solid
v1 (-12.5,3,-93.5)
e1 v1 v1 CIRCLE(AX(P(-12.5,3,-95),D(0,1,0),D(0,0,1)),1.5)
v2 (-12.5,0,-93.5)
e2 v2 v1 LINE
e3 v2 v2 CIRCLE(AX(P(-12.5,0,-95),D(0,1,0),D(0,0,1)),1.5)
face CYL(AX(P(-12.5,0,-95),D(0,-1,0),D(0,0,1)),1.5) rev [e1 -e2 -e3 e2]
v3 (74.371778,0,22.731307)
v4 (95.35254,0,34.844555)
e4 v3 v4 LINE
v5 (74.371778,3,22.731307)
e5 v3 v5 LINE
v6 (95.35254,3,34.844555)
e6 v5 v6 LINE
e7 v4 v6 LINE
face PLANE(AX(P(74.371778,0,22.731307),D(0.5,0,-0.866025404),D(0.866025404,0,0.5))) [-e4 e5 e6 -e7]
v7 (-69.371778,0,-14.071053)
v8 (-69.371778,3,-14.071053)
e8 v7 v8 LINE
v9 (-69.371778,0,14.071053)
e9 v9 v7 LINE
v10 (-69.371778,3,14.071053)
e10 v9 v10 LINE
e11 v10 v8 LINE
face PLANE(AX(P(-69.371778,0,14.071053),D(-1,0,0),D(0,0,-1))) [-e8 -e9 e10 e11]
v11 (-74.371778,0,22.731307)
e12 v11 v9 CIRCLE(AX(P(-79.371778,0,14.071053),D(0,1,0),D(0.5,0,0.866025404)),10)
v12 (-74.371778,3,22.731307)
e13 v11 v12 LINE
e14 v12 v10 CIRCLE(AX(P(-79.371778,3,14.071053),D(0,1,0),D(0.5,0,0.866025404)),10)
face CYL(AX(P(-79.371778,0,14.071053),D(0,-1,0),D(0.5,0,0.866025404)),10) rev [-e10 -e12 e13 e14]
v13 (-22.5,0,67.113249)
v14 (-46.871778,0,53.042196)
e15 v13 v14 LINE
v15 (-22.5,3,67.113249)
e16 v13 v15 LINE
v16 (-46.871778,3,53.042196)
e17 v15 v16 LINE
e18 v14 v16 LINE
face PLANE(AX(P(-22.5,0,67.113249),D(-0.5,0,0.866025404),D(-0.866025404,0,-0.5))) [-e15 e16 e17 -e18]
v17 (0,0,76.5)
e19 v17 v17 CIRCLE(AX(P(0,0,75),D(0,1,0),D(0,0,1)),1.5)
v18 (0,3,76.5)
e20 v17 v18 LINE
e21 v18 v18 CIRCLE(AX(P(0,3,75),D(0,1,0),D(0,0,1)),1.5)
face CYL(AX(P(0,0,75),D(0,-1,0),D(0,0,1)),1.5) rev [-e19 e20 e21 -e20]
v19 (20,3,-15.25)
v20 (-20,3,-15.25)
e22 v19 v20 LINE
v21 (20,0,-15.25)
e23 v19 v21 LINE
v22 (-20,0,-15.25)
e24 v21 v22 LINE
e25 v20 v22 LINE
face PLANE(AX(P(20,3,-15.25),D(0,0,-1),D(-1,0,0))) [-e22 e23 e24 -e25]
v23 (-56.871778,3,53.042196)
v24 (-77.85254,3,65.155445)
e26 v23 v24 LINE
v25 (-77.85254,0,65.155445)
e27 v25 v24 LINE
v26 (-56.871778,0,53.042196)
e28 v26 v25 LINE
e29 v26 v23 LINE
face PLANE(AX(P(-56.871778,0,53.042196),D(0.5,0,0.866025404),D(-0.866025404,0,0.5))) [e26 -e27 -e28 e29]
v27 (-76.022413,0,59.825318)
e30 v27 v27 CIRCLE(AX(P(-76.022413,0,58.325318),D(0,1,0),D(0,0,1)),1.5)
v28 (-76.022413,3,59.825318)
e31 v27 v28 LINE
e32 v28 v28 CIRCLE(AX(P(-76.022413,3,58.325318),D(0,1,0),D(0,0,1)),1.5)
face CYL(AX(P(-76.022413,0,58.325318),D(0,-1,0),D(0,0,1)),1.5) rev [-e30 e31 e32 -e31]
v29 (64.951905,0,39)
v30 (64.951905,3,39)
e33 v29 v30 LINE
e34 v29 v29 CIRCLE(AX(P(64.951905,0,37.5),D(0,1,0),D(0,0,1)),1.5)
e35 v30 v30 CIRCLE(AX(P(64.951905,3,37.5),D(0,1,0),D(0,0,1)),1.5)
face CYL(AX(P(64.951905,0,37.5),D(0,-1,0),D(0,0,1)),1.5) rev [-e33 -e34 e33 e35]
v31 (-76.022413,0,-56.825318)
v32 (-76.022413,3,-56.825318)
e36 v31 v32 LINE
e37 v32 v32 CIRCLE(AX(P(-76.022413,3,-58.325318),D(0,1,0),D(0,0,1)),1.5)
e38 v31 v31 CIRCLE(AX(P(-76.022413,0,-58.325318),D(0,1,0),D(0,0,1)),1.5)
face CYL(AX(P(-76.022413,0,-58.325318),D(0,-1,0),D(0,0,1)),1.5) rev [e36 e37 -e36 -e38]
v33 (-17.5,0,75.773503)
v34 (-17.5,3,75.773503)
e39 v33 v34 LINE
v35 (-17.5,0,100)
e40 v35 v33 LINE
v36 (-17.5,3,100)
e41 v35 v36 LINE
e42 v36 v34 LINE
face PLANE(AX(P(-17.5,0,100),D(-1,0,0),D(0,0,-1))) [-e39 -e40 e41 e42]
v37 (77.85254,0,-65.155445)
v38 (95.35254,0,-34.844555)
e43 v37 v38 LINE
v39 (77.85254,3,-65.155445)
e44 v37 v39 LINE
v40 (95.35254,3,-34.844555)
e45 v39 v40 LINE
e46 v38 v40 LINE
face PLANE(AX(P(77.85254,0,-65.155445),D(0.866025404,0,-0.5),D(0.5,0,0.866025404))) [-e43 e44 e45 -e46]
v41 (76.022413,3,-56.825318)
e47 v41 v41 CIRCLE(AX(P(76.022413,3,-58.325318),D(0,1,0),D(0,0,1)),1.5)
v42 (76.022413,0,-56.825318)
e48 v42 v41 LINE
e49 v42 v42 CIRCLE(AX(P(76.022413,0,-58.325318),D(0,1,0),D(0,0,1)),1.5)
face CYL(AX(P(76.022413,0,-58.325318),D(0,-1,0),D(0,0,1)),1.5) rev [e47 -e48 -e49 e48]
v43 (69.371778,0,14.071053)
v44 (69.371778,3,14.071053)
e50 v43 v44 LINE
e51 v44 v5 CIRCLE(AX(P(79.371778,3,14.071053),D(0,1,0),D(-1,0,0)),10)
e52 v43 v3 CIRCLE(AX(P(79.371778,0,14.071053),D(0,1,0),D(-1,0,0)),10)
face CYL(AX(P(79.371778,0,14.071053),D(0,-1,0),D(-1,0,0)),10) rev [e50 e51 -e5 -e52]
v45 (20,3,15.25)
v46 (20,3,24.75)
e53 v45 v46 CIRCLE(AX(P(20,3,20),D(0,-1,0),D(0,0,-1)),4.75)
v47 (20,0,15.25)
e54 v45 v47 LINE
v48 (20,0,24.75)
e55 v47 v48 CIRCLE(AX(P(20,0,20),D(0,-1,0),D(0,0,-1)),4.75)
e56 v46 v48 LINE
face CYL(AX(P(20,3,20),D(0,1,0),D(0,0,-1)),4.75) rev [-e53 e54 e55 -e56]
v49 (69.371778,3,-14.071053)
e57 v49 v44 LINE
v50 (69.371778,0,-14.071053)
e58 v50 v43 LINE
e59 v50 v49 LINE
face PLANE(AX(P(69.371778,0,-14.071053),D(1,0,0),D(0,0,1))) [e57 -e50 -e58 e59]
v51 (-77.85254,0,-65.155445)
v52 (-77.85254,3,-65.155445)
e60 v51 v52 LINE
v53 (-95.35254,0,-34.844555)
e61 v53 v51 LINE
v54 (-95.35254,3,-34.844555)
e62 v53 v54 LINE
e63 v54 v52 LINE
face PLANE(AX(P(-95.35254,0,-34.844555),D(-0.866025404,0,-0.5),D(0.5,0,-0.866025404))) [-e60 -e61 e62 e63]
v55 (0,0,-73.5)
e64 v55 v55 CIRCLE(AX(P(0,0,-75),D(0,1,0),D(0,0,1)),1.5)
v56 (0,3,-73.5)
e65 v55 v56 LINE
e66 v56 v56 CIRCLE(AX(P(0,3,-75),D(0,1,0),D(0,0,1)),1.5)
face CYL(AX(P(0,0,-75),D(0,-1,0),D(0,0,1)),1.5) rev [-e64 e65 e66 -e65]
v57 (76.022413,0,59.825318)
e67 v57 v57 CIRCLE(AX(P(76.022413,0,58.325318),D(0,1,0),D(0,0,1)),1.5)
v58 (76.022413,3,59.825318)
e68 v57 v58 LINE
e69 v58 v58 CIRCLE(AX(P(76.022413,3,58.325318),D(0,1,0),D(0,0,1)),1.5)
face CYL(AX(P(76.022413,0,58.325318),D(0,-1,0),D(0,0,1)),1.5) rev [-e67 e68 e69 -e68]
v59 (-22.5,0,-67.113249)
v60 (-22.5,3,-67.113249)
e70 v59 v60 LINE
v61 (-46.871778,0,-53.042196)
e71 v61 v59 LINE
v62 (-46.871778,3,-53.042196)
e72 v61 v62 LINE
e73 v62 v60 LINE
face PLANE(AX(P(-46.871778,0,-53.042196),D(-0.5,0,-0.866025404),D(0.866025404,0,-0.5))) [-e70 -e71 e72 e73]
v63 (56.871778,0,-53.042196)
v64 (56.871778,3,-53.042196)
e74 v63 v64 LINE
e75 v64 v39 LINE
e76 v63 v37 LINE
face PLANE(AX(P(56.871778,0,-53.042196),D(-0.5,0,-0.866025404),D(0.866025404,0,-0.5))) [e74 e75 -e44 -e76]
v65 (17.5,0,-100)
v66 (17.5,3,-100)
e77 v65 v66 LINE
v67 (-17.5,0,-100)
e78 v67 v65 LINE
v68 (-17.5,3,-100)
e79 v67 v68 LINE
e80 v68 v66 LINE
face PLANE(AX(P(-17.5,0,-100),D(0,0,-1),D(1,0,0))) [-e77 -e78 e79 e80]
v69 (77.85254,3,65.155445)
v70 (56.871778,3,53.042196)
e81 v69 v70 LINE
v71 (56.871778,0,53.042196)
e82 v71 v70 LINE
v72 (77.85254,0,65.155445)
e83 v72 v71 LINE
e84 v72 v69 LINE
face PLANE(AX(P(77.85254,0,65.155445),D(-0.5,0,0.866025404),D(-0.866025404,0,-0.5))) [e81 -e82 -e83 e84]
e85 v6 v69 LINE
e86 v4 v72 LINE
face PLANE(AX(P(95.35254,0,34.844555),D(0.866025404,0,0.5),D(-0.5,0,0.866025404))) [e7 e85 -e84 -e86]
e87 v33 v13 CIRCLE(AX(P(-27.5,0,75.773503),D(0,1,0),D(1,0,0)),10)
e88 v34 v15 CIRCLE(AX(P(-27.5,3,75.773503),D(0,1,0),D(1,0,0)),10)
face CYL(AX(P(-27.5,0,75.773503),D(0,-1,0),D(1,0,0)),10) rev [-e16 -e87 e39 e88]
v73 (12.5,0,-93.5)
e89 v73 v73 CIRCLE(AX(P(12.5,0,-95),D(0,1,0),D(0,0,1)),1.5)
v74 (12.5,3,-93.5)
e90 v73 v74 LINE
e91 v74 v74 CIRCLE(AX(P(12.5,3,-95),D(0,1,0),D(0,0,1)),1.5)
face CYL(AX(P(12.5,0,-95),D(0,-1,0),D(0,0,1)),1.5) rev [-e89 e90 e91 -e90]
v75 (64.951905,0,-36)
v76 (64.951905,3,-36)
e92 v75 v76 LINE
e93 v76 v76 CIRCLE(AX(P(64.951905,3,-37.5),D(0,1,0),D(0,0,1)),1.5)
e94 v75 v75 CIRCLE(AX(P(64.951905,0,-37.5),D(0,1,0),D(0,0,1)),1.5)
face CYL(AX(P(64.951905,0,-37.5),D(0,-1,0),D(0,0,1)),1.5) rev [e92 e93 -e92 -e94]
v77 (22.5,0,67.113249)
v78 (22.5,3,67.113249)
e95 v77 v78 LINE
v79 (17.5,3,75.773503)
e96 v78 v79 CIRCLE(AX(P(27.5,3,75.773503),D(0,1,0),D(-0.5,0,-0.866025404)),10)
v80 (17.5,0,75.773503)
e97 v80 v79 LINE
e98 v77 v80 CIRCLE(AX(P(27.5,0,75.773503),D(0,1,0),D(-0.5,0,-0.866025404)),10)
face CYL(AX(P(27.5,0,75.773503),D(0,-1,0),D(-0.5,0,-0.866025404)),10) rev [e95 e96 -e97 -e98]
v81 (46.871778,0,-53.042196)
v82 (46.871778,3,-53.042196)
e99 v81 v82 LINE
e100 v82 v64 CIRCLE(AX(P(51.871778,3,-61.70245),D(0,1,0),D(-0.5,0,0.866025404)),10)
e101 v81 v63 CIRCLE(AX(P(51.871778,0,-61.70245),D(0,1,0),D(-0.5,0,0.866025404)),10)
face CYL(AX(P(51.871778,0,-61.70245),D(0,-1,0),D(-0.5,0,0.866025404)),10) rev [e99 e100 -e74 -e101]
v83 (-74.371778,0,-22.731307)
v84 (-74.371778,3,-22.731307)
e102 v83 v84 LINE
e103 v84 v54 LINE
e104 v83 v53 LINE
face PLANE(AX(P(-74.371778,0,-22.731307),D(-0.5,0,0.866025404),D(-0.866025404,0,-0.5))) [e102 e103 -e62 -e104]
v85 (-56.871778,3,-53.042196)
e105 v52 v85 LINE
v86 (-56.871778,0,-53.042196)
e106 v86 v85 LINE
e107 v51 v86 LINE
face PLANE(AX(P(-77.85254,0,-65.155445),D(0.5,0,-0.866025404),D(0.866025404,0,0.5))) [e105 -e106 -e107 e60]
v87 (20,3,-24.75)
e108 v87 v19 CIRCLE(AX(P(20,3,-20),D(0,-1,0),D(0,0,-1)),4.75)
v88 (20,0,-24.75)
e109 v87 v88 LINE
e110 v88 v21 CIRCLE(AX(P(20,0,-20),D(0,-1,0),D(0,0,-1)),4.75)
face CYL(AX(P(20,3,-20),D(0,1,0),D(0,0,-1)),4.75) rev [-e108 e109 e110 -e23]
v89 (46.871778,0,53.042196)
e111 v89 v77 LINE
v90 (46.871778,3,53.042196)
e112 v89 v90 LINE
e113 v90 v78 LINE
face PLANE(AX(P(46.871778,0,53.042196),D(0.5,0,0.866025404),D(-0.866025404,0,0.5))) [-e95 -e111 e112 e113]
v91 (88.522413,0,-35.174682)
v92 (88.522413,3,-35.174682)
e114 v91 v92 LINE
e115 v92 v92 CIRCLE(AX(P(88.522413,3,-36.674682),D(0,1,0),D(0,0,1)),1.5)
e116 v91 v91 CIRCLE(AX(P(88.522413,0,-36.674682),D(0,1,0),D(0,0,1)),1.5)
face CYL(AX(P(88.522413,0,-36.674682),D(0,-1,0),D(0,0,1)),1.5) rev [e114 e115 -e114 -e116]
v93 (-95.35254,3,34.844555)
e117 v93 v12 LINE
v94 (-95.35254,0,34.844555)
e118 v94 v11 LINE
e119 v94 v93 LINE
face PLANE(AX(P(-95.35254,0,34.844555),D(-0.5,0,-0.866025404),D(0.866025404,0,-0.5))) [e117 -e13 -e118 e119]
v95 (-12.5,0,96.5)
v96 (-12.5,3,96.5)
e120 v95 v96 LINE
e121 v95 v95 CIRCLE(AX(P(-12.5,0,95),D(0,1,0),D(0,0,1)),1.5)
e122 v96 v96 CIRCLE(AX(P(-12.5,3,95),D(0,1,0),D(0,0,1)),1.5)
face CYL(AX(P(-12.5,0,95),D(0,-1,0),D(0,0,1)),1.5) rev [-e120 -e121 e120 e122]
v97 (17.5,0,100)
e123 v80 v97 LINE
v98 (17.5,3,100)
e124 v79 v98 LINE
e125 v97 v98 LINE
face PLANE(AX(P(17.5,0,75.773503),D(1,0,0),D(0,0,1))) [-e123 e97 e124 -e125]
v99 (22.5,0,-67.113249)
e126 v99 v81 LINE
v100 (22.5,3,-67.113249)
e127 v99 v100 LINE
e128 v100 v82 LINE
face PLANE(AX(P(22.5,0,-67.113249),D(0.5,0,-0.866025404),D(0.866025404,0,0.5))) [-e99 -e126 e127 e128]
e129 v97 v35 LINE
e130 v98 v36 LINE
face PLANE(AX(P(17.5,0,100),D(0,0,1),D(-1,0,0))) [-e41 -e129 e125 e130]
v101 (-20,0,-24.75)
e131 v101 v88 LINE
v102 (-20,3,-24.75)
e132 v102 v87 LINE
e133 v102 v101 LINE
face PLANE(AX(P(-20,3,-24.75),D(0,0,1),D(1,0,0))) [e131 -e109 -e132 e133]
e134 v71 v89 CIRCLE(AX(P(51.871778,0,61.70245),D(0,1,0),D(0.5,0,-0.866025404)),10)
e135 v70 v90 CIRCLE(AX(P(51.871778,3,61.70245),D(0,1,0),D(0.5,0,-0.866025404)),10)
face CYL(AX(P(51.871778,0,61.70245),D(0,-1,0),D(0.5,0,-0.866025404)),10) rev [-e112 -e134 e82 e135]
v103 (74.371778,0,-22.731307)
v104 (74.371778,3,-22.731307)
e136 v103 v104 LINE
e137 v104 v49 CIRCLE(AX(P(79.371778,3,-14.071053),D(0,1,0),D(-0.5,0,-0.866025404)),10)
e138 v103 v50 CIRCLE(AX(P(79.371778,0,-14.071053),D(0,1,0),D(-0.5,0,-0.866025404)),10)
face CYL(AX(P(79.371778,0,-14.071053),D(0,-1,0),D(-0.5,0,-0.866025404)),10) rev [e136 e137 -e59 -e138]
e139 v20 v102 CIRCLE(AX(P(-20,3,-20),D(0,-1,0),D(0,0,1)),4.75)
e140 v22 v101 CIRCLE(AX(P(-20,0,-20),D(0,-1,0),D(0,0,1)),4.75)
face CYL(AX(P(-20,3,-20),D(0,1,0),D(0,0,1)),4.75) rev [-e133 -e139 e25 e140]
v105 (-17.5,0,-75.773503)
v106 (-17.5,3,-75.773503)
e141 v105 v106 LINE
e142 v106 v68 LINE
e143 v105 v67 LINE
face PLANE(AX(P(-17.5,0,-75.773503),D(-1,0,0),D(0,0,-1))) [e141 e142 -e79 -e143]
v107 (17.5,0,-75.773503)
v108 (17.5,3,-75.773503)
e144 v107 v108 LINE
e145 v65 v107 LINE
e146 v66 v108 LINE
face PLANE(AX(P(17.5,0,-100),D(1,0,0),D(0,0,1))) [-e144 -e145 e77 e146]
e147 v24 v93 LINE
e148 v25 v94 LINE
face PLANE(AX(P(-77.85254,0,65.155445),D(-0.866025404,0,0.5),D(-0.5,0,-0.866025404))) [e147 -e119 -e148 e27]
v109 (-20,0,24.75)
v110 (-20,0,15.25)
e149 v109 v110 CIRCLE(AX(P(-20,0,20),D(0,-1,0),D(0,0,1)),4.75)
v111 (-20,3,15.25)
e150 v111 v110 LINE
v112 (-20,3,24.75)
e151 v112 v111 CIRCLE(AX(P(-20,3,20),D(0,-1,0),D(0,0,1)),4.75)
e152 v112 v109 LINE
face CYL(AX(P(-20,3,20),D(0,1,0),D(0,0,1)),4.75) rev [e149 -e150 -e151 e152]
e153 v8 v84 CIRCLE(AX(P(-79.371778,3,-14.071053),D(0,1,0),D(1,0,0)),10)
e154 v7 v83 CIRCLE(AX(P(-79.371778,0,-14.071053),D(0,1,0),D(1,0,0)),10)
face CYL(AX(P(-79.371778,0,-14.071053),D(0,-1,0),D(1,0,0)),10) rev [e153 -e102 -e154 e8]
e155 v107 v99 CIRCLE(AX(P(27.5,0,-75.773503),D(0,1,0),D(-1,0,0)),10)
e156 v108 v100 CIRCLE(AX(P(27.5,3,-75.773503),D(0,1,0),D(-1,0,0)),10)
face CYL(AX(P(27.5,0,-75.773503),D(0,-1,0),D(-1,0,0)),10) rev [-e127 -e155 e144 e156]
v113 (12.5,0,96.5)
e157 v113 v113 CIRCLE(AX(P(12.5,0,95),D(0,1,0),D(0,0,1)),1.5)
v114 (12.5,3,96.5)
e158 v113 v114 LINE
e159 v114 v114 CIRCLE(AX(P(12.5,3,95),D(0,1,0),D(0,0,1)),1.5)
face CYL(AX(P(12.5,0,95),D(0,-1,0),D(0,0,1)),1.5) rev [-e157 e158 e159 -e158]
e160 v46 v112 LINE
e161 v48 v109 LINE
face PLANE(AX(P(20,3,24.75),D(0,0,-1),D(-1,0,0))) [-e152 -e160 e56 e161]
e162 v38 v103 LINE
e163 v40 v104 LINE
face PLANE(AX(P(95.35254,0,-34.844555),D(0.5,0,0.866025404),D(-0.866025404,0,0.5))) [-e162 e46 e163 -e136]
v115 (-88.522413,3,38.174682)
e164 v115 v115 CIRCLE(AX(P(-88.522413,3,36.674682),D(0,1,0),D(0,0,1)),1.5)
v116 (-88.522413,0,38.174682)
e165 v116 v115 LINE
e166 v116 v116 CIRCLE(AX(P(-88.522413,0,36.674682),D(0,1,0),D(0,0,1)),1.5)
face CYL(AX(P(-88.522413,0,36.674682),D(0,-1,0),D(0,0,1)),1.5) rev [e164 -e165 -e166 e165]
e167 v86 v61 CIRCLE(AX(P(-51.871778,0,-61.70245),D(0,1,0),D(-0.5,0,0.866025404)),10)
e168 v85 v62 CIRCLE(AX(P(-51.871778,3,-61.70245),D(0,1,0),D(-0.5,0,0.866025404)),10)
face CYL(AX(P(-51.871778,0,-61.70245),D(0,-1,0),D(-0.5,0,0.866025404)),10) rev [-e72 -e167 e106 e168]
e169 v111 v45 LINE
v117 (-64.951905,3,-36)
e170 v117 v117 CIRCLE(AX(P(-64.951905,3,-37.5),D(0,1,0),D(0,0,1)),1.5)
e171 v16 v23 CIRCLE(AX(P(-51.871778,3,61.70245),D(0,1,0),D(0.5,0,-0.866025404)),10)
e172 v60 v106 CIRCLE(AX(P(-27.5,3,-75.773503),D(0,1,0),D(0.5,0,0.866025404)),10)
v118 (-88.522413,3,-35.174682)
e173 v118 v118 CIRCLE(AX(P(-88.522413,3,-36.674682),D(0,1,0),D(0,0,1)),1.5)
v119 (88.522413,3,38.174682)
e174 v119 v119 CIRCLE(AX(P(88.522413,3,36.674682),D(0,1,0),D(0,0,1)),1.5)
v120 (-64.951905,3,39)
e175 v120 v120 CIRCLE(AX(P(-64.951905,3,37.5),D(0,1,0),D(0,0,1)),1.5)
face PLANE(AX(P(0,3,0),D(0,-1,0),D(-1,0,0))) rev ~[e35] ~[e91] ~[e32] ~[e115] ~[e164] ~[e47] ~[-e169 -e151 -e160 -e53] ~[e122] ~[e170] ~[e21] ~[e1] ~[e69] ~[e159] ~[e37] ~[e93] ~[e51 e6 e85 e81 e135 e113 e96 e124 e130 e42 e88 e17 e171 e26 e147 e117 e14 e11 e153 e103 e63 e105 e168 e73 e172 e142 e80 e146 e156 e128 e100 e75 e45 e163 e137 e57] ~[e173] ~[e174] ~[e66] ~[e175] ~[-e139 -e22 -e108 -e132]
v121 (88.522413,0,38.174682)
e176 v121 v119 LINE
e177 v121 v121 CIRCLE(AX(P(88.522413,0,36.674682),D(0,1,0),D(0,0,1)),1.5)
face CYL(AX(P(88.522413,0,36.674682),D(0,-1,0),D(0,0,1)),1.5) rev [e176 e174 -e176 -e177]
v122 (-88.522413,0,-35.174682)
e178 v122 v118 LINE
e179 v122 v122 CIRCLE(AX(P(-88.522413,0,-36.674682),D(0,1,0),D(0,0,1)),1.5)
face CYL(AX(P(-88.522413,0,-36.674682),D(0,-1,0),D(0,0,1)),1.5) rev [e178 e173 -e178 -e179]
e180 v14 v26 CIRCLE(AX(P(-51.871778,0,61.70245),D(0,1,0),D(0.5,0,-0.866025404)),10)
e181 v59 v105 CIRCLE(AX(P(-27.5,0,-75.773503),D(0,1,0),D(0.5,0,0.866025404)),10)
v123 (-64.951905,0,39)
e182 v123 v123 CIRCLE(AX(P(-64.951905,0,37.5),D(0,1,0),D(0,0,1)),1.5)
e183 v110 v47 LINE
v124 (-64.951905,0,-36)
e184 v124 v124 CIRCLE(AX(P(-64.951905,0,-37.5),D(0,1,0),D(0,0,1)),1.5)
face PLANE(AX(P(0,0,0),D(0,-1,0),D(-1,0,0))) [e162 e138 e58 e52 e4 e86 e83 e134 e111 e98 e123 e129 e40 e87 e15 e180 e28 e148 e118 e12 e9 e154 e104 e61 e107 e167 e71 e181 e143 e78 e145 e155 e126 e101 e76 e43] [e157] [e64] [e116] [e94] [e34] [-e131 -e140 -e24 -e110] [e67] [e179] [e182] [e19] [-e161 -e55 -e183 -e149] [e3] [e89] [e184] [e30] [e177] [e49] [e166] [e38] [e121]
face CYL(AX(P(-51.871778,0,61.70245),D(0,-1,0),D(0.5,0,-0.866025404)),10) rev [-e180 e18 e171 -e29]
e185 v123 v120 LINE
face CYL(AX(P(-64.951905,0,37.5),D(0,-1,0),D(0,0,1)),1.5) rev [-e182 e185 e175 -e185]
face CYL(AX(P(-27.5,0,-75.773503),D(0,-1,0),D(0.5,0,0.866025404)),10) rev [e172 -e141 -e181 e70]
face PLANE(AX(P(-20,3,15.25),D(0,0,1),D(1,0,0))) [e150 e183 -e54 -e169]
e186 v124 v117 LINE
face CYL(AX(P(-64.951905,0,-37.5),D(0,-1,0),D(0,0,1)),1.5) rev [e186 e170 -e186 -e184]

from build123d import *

# Parameters (mm, degrees)
IZIM1_R                     = 1.5
Y_KSEKLIK_EKSTR_ZYON1_DEPTH = 3
KES_EKSTR_ZYON1_DEPTH       = 3


with BuildPart() as part:
    # Çizim1 → Yükseklik-Ekstrüzyon1 (new body)
    with BuildSketch(Plane(origin=(0, 0, 0), x_dir=(1, 0, 0), z_dir=(0, 1, 0))):
        with BuildLine():
            Line((-17.5, 100), (17.5, 100))
            Line((17.5, 100), (17.5, 75.773502692))
            ThreePointArc((17.5, 75.773502692), (18.839745962, 70.773502692), (22.5, 67.113248654))
            Line((22.5, 67.113248654), (46.871778265, 53.042195912))
            ThreePointArc((46.871778265, 53.042195912), (51.871778265, 51.70244995), (56.871778265, 53.042195912))
            Line((56.871778265, 53.042195912), (77.852540378, 65.155444566))
            Line((77.852540378, 65.155444566), (95.352540378, 34.844555434))
            Line((95.352540378, 34.844555434), (74.371778265, 22.73130678))
            ThreePointArc((74.371778265, 22.73130678), (70.711524227, 19.071052742), (69.371778265, 14.071052742))
            Line((69.371778265, 14.071052742), (69.371778265, -14.071052742))
            ThreePointArc((69.371778265, -14.071052742), (70.711524227, -19.071052742), (74.371778265, -22.73130678))
            Line((74.371778265, -22.73130678), (95.352540378, -34.844555434))
            Line((95.352540378, -34.844555434), (77.852540378, -65.155444566))
            Line((77.852540378, -65.155444566), (56.871778265, -53.042195912))
            ThreePointArc((56.871778265, -53.042195912), (51.871778265, -51.70244995), (46.871778265, -53.042195912))
            Line((46.871778265, -53.042195912), (22.5, -67.113248654))
            ThreePointArc((22.5, -67.113248654), (18.839745962, -70.773502692), (17.5, -75.773502692))
            Line((17.5, -75.773502692), (17.5, -100))
            Line((17.5, -100), (-17.5, -100))
            Line((-17.5, -100), (-17.5, -75.773502692))
            ThreePointArc((-17.5, -75.773502692), (-18.839745962, -70.773502692), (-22.5, -67.113248654))
            Line((-22.5, -67.113248654), (-46.871778265, -53.042195912))
            ThreePointArc((-46.871778265, -53.042195912), (-51.871778265, -51.70244995), (-56.871778265, -53.042195912))
            Line((-56.871778265, -53.042195912), (-77.852540378, -65.155444566))
            Line((-77.852540378, -65.155444566), (-95.352540378, -34.844555434))
            Line((-95.352540378, -34.844555434), (-74.371778265, -22.73130678))
            ThreePointArc((-74.371778265, -22.73130678), (-70.711524227, -19.071052742), (-69.371778265, -14.071052742))
            Line((-69.371778265, -14.071052742), (-69.371778265, 14.071052742))
            ThreePointArc((-69.371778265, 14.071052742), (-70.711524227, 19.071052742), (-74.371778265, 22.73130678))
            Line((-74.371778265, 22.73130678), (-95.352540378, 34.844555434))
            Line((-95.352540378, 34.844555434), (-77.852540378, 65.155444566))
            Line((-77.852540378, 65.155444566), (-56.871778265, 53.042195912))
            ThreePointArc((-56.871778265, 53.042195912), (-51.871778265, 51.70244995), (-46.871778265, 53.042195912))
            Line((-46.871778265, 53.042195912), (-22.5, 67.113248654))
            ThreePointArc((-22.5, 67.113248654), (-18.839745962, 70.773502692), (-17.5, 75.773502692))
            Line((-17.5, 75.773502692), (-17.5, 100))
        make_face()
        with Locations(Location((-12.5, 95, 0), (0, 0, 270))):
            Circle(IZIM1_R, mode=Mode.SUBTRACT)
        with Locations(Location((12.5, 95, 0), (0, 0, 270))):
            Circle(IZIM1_R, mode=Mode.SUBTRACT)
        with Locations(Location((0, 75, 0), (0, 0, 270))):
            Circle(IZIM1_R, mode=Mode.SUBTRACT)
        with Locations(Location((64.951905284, 37.5, 0), (0, 0, 270))):
            Circle(IZIM1_R, mode=Mode.SUBTRACT)
        with Locations(Location((88.52241336, 36.674682453, 0), (0, 0, 270))):
            Circle(IZIM1_R, mode=Mode.SUBTRACT)
        with Locations(Location((76.02241336, 58.325317547, 0), (0, 0, 270))):
            Circle(IZIM1_R, mode=Mode.SUBTRACT)
        with Locations(Location((64.951905284, -37.5, 0), (0, 0, 270))):
            Circle(IZIM1_R, mode=Mode.SUBTRACT)
        with Locations(Location((76.02241336, -58.325317547, 0), (0, 0, 270))):
            Circle(IZIM1_R, mode=Mode.SUBTRACT)
        with Locations(Location((88.52241336, -36.674682453, 0), (0, 0, 270))):
            Circle(IZIM1_R, mode=Mode.SUBTRACT)
        with Locations(Location((0, -75, 0), (0, 0, 270))):
            Circle(IZIM1_R, mode=Mode.SUBTRACT)
        with Locations(Location((-12.5, -95, 0), (0, 0, 270))):
            Circle(IZIM1_R, mode=Mode.SUBTRACT)
        with Locations(Location((12.5, -95, 0), (0, 0, 270))):
            Circle(IZIM1_R, mode=Mode.SUBTRACT)
        with Locations(Location((-64.951905284, -37.5, 0), (0, 0, 270))):
            Circle(IZIM1_R, mode=Mode.SUBTRACT)
        with Locations(Location((-88.52241336, -36.674682453, 0), (0, 0, 270))):
            Circle(IZIM1_R, mode=Mode.SUBTRACT)
        with Locations(Location((-76.02241336, -58.325317547, 0), (0, 0, 270))):
            Circle(IZIM1_R, mode=Mode.SUBTRACT)
        with Locations(Location((-64.951905284, 37.5, 0), (0, 0, 270))):
            Circle(IZIM1_R, mode=Mode.SUBTRACT)
        with Locations(Location((-76.02241336, 58.325317547, 0), (0, 0, 270))):
            Circle(IZIM1_R, mode=Mode.SUBTRACT)
        with Locations(Location((-88.52241336, 36.674682453, 0), (0, 0, 270))):
            Circle(IZIM1_R, mode=Mode.SUBTRACT)
    extrude(amount=Y_KSEKLIK_EKSTR_ZYON1_DEPTH)

    # Çizim3 → Kes-Ekstrüzyon1 (cut)
    with BuildSketch(Plane(origin=(0, 3, 0), x_dir=(1, 0, 0), z_dir=(0, 1, 0))):
        with BuildLine():
            Line((-20, 24.75), (20, 24.75))
            ThreePointArc((20, 24.75), (24.75, 20), (20, 15.25))
            Line((20, 15.25), (-20, 15.25))
            ThreePointArc((-20, 15.25), (-24.75, 20), (-20, 24.75))
        make_face()
        with BuildLine():
            Line((-20, -15.25), (20, -15.25))
            ThreePointArc((20, -15.25), (24.75, -20), (20, -24.75))
            Line((20, -24.75), (-20, -24.75))
            ThreePointArc((-20, -24.75), (-24.75, -20), (-20, -15.25))
        make_face()
    extrude(amount=-KES_EKSTR_ZYON1_DEPTH, mode=Mode.SUBTRACT)


solid = part.part
